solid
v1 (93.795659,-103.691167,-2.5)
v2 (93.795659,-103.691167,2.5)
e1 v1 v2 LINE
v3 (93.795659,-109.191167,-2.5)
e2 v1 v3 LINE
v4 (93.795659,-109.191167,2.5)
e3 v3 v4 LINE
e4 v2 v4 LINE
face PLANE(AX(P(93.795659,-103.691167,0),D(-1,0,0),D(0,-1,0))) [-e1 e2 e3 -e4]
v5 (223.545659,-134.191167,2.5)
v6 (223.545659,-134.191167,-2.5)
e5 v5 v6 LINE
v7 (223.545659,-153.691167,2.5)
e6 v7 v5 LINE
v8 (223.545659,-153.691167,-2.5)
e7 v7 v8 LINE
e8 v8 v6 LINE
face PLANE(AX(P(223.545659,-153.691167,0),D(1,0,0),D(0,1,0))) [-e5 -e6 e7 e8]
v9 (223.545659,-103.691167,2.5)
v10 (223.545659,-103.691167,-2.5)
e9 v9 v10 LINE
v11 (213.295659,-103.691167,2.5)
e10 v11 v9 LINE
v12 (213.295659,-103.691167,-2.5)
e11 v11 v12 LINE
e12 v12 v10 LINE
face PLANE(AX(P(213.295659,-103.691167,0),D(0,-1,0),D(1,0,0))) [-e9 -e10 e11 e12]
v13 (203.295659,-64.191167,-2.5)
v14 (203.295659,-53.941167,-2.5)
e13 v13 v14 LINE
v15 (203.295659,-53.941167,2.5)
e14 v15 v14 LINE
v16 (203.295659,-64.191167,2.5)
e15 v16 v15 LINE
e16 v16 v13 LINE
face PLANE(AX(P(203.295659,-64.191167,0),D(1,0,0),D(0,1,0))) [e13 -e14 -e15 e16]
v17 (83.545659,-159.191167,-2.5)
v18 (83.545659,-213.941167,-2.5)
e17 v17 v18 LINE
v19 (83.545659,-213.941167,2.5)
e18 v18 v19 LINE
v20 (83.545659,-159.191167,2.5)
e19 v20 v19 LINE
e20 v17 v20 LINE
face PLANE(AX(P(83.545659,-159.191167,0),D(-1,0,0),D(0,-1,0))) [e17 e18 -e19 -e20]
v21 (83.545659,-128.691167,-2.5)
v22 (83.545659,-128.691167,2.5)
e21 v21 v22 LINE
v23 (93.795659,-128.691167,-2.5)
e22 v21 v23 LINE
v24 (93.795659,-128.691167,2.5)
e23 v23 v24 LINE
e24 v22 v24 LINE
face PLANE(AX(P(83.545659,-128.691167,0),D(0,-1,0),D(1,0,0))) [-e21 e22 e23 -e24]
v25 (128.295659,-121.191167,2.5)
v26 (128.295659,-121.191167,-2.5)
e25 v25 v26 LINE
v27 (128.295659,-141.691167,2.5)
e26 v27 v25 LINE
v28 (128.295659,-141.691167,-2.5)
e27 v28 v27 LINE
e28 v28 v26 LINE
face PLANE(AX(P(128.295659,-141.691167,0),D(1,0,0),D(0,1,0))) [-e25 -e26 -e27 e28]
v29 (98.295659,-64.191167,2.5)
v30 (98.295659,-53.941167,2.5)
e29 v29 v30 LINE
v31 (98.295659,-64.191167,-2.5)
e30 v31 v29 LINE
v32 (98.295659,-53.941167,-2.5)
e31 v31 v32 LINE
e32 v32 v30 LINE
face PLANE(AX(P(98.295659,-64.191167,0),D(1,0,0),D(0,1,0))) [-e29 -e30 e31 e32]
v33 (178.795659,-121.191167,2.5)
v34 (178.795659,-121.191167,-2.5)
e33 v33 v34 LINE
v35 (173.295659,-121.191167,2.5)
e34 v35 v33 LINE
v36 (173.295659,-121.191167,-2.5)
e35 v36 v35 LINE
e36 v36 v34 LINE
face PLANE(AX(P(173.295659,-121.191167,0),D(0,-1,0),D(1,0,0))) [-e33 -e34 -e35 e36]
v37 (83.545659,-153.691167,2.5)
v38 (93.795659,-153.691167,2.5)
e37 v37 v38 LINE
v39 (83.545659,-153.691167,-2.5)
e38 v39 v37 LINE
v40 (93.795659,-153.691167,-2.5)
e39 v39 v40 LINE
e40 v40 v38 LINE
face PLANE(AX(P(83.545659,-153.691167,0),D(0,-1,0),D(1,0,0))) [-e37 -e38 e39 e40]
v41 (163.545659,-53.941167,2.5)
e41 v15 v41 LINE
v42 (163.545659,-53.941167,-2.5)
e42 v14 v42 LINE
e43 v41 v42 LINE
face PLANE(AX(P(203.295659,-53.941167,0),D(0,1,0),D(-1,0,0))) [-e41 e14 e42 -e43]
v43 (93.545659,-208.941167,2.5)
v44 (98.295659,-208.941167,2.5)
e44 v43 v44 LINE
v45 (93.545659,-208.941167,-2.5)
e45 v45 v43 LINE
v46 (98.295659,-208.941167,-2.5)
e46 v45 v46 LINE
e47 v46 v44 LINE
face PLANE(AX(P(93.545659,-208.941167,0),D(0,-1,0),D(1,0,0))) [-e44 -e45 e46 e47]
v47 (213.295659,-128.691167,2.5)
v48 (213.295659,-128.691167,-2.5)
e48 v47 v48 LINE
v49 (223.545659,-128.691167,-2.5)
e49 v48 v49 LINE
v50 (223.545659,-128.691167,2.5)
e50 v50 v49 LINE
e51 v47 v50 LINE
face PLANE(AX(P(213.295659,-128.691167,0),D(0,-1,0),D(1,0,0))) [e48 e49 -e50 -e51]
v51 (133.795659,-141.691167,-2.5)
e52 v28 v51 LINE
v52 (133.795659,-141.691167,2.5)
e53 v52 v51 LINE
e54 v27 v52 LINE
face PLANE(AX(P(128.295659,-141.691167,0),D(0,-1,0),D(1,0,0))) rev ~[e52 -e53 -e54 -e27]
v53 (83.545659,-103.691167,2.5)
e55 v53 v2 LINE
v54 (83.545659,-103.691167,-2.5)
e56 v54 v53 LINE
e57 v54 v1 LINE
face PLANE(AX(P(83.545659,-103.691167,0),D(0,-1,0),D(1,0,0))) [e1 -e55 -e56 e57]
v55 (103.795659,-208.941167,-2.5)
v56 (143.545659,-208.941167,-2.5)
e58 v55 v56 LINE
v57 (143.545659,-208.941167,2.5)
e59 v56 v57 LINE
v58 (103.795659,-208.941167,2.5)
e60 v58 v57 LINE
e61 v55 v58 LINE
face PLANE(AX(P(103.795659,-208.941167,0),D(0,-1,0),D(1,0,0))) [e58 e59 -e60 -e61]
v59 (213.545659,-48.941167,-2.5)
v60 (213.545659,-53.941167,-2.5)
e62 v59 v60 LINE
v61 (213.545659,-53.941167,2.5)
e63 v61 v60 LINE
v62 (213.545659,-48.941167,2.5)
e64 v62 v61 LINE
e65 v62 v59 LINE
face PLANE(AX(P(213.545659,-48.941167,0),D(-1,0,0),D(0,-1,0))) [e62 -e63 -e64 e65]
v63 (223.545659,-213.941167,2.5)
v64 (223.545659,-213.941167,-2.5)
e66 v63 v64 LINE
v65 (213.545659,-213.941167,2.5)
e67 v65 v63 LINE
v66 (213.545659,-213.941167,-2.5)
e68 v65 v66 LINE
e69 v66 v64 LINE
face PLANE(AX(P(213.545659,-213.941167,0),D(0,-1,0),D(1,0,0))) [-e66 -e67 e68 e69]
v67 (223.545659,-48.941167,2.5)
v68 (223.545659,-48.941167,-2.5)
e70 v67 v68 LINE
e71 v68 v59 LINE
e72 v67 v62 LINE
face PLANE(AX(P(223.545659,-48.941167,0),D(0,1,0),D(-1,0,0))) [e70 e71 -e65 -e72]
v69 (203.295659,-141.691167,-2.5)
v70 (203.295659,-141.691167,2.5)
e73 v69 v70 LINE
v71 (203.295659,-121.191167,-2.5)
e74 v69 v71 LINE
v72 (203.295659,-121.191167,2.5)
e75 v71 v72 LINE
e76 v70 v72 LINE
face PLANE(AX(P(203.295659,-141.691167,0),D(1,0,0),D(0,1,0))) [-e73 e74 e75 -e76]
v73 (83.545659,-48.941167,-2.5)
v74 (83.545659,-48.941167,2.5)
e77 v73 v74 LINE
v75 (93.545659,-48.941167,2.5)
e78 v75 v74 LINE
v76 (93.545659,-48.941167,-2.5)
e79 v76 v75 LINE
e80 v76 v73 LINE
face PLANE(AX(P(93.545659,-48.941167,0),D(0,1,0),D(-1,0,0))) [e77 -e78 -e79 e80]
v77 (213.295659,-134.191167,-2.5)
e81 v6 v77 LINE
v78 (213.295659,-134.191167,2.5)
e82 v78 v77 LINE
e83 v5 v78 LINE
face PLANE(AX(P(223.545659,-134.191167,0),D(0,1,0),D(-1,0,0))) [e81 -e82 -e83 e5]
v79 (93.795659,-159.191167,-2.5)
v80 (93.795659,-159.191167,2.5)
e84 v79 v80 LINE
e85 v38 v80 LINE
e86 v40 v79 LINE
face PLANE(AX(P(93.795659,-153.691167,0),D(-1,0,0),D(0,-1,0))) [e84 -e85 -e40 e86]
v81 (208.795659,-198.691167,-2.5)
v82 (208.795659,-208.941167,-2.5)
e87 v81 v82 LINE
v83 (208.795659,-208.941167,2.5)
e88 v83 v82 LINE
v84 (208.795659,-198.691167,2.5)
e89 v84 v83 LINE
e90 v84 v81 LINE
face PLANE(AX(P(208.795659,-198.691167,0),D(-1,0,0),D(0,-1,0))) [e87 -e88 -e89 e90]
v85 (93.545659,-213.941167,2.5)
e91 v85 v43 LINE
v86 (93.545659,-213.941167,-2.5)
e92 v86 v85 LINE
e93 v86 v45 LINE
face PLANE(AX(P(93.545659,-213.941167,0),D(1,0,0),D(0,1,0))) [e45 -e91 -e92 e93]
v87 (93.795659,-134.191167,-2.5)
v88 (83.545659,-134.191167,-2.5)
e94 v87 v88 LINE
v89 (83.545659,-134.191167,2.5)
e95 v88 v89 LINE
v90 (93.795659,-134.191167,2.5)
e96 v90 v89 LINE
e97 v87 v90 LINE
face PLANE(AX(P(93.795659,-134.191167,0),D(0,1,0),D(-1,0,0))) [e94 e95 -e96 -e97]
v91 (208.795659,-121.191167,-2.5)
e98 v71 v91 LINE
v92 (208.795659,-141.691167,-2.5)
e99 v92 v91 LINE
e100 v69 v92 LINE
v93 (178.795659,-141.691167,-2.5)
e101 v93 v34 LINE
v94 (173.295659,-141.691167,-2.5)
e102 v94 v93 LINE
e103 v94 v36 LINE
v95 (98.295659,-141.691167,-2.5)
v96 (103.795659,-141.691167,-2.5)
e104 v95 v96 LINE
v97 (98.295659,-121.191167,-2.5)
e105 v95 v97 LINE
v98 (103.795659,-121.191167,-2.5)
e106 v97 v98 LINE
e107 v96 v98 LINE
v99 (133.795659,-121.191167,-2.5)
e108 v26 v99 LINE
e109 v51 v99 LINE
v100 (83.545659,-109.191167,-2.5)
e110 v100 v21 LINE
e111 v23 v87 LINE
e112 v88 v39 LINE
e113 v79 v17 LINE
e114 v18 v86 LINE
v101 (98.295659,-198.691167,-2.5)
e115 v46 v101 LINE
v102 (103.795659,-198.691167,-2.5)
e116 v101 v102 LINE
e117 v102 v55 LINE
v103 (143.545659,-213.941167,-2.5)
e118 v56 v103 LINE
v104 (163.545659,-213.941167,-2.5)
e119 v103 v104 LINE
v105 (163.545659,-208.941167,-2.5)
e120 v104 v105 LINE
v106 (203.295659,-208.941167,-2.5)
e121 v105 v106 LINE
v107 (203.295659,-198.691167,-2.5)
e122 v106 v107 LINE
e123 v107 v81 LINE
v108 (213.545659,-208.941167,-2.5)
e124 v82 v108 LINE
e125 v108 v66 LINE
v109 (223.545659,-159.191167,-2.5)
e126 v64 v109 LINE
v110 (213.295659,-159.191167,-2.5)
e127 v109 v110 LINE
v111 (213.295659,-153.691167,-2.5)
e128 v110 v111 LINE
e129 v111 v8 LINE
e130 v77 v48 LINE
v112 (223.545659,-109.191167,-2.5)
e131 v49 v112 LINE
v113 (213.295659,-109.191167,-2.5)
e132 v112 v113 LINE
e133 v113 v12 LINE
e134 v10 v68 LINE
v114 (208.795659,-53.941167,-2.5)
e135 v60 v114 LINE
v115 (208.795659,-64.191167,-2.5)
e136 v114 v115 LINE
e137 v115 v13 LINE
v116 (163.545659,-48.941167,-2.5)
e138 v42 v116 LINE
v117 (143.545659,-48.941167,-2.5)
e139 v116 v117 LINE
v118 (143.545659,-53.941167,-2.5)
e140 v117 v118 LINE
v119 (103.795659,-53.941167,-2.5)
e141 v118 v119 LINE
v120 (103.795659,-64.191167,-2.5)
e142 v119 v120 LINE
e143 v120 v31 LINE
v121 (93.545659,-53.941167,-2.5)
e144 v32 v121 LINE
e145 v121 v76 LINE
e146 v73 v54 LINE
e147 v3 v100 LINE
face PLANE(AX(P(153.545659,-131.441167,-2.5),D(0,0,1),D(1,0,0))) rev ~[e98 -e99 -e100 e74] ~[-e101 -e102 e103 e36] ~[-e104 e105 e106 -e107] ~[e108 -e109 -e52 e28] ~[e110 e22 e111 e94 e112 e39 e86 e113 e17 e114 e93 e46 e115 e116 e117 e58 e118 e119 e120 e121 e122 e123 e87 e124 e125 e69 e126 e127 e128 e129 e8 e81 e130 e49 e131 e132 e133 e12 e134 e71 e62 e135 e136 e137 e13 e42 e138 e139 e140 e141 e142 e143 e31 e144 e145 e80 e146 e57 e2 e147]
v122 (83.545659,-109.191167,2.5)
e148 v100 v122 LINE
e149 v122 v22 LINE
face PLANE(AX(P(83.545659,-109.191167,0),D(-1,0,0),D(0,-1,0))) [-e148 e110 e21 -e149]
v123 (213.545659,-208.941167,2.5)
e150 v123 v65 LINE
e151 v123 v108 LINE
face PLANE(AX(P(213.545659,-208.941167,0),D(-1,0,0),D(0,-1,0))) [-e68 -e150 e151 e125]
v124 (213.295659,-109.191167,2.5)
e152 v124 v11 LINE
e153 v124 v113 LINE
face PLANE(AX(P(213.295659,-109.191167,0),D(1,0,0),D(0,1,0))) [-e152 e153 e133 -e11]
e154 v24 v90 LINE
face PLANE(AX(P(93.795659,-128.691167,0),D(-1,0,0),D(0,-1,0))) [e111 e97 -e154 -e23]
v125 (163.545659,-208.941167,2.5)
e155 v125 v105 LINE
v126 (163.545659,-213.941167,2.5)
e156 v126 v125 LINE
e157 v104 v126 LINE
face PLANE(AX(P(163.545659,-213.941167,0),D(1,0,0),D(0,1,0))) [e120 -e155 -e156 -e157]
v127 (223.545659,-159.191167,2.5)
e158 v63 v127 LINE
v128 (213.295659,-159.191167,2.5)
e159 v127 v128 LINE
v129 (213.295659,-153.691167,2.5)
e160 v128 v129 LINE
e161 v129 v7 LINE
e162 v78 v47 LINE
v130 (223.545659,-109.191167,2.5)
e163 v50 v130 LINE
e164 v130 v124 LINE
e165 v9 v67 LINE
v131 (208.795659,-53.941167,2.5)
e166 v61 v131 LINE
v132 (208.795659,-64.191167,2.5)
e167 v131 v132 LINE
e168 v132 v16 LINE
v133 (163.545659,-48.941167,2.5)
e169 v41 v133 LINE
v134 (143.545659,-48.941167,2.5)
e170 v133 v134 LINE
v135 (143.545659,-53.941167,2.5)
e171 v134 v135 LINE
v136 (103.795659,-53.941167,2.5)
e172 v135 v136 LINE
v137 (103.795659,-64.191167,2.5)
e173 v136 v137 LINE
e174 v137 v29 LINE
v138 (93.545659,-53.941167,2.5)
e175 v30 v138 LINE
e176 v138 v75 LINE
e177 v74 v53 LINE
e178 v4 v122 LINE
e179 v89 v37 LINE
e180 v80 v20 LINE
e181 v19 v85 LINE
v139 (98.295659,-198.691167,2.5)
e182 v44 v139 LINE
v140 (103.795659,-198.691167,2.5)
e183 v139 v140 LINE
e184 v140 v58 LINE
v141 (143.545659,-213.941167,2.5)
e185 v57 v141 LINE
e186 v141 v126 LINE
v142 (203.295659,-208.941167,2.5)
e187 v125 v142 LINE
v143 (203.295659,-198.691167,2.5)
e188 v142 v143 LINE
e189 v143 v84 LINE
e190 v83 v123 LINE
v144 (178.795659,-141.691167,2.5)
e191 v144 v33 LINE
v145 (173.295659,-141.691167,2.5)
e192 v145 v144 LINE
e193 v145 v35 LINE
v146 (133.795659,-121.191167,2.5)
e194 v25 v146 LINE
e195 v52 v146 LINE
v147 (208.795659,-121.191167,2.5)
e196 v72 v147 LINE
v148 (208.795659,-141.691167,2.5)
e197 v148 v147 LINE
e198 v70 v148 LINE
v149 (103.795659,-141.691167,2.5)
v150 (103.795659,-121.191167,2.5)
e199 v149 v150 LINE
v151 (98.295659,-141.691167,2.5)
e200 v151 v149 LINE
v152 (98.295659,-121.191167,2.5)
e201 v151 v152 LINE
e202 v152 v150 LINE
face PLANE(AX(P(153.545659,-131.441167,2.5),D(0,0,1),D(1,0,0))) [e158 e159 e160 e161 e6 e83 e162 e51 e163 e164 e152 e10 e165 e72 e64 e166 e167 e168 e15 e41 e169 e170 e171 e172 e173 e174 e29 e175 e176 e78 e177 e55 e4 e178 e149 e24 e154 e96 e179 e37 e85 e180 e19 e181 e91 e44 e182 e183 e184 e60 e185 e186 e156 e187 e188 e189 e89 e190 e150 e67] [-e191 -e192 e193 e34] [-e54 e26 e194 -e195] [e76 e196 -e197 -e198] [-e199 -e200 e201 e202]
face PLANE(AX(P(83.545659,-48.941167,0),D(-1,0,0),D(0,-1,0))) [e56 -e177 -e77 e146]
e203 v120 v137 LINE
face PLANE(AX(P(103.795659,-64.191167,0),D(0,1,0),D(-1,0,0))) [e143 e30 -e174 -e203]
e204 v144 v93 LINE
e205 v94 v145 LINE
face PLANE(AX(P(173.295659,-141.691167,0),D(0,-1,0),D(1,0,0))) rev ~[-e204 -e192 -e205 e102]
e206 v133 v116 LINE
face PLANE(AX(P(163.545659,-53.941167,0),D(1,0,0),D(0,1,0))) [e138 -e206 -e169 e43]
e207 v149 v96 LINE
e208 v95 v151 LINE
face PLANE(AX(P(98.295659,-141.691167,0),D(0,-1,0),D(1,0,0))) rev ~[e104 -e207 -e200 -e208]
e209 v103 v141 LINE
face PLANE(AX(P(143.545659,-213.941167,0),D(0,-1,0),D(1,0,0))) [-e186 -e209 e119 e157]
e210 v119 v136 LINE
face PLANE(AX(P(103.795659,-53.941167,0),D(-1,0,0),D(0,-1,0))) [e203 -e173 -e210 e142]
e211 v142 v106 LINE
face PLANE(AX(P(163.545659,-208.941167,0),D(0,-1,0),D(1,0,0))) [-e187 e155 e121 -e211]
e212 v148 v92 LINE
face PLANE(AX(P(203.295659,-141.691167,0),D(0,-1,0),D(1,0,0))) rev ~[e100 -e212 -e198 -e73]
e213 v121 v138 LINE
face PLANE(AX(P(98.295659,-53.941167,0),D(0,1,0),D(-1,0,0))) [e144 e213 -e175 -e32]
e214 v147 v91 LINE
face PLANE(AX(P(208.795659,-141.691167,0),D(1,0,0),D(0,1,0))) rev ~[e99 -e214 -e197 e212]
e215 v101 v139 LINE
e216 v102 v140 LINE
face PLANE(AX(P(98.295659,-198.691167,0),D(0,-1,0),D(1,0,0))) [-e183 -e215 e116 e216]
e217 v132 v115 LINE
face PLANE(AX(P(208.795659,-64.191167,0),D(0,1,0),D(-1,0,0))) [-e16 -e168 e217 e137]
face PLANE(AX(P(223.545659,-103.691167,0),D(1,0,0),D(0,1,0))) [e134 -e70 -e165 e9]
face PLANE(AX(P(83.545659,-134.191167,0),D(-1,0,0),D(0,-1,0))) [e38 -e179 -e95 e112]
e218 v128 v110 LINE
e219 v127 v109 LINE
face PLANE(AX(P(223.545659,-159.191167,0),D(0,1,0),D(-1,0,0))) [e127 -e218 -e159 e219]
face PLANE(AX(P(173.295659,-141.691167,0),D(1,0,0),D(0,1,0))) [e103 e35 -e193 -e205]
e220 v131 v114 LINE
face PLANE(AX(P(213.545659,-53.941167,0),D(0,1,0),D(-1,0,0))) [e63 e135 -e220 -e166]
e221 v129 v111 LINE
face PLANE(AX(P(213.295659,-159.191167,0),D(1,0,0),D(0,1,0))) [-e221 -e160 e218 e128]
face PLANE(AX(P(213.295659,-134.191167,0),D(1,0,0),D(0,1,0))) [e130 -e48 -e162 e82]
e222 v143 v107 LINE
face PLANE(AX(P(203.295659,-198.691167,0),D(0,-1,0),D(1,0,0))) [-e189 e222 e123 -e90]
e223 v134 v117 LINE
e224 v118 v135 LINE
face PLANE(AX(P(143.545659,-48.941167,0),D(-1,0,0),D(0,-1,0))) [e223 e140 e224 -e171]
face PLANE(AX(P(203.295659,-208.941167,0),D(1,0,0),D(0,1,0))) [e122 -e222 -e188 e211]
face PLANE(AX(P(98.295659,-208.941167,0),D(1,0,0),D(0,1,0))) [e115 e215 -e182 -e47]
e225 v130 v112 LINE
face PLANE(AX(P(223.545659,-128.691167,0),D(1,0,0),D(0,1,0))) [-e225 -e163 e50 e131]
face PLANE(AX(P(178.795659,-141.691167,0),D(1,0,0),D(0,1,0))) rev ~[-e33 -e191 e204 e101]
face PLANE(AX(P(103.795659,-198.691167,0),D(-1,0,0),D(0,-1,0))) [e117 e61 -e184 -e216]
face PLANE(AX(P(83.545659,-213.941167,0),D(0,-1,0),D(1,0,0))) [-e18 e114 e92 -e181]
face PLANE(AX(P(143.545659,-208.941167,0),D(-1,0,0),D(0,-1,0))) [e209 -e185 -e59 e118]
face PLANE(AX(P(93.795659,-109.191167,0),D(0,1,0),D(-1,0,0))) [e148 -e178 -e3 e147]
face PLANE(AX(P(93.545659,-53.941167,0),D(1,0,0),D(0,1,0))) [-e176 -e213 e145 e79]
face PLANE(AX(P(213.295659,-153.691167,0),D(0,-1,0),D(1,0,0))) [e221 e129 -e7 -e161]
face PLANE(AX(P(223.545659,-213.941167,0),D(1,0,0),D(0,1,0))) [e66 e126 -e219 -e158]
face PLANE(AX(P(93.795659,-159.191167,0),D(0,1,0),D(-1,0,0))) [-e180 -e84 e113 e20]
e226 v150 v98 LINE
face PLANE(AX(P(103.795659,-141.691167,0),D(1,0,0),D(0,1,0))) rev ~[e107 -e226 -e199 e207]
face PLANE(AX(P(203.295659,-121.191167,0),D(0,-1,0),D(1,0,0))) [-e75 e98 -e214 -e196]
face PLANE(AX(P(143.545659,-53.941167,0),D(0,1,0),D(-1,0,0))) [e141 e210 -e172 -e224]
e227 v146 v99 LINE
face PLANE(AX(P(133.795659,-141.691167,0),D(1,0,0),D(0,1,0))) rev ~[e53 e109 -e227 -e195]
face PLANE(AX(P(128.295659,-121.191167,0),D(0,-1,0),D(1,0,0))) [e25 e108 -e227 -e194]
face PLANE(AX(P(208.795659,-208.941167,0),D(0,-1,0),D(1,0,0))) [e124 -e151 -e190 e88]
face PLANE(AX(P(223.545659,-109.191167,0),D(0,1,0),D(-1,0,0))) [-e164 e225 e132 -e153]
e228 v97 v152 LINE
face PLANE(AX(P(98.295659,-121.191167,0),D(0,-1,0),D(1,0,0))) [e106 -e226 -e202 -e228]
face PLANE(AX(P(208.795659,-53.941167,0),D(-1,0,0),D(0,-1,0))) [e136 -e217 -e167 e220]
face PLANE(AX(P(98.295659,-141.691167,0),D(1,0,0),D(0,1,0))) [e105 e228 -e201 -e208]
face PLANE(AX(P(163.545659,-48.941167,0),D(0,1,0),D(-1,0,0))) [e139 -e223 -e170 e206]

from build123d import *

# Parameters (mm, degrees)
SKETCH1_W           = 5.5
SKETCH1_H           = 20.5
BOSS_EXTRUDE1_DEPTH = 2.5


with BuildPart() as part:
    # Sketch1 → Boss-Extrude1 (new, symmetric)
    with BuildSketch(Plane.XY):
        Polygon((143.545659386, -48.941167375), (143.545659386, -53.941167375), (103.795659386, -53.941167375), (103.795659386, -64.191167375), (98.295659386, -64.191167375), (98.295659386, -53.941167375), (93.545659386, -53.941167375), (93.545659386, -48.941167375), (83.545659386, -48.941167375), (83.545659386, -103.691167375), (93.795659386, -103.691167375), (93.795659386, -109.191167375), (83.545659386, -109.191167375), (83.545659386, -128.691167375), (93.795659386, -128.691167375), (93.795659386, -134.191167375), (83.545659386, -134.191167375), (83.545659386, -153.691167375), (93.795659386, -153.691167375), (93.795659386, -159.191167375), (83.545659386, -159.191167375), (83.545659386, -213.941167375), (93.545659386, -213.941167375), (93.545659386, -208.941167375), (98.295659386, -208.941167375), (98.295659386, -198.691167375), (103.795659386, -198.691167375), (103.795659386, -208.941167375), (143.545659386, -208.941167375), (143.545659386, -213.941167375), (163.545659386, -213.941167375), (163.545659386, -208.941167375), (203.295659386, -208.941167375), (203.295659386, -198.691167375), (208.795659386, -198.691167375), (208.795659386, -208.941167375), (213.545659386, -208.941167375), (213.545659386, -213.941167375), (223.545659386, -213.941167375), (223.545659386, -159.191167375), (213.295659386, -159.191167375), (213.295659386, -153.691167375), (223.545659386, -153.691167375), (223.545659386, -134.191167375), (213.295659386, -134.191167375), (213.295659386, -128.691167375), (223.545659386, -128.691167375), (223.545659386, -109.191167375), (213.295659386, -109.191167375), (213.295659386, -103.691167375), (223.545659386, -103.691167375), (223.545659386, -48.941167375), (213.545659386, -48.941167375), (213.545659386, -53.941167375), (208.795659386, -53.941167375), (208.795659386, -64.191167375), (203.295659386, -64.191167375), (203.295659386, -53.941167375), (163.545659386, -53.941167375), (163.545659386, -48.941167375), align=None)
        with Locations((101.045659386, -131.441167375)):
            Rectangle(SKETCH1_W, SKETCH1_H, mode=Mode.SUBTRACT)
        with Locations((206.045659386, -131.441167375)):
            Rectangle(SKETCH1_W, SKETCH1_H, mode=Mode.SUBTRACT)
        with Locations((176.045659386, -131.441167375)):
            Rectangle(SKETCH1_W, SKETCH1_H, mode=Mode.SUBTRACT)
        with Locations((131.045659386, -131.441167375)):
            Rectangle(SKETCH1_W, SKETCH1_H, mode=Mode.SUBTRACT)
    extrude(amount=BOSS_EXTRUDE1_DEPTH, both=True)


solid = part.part
